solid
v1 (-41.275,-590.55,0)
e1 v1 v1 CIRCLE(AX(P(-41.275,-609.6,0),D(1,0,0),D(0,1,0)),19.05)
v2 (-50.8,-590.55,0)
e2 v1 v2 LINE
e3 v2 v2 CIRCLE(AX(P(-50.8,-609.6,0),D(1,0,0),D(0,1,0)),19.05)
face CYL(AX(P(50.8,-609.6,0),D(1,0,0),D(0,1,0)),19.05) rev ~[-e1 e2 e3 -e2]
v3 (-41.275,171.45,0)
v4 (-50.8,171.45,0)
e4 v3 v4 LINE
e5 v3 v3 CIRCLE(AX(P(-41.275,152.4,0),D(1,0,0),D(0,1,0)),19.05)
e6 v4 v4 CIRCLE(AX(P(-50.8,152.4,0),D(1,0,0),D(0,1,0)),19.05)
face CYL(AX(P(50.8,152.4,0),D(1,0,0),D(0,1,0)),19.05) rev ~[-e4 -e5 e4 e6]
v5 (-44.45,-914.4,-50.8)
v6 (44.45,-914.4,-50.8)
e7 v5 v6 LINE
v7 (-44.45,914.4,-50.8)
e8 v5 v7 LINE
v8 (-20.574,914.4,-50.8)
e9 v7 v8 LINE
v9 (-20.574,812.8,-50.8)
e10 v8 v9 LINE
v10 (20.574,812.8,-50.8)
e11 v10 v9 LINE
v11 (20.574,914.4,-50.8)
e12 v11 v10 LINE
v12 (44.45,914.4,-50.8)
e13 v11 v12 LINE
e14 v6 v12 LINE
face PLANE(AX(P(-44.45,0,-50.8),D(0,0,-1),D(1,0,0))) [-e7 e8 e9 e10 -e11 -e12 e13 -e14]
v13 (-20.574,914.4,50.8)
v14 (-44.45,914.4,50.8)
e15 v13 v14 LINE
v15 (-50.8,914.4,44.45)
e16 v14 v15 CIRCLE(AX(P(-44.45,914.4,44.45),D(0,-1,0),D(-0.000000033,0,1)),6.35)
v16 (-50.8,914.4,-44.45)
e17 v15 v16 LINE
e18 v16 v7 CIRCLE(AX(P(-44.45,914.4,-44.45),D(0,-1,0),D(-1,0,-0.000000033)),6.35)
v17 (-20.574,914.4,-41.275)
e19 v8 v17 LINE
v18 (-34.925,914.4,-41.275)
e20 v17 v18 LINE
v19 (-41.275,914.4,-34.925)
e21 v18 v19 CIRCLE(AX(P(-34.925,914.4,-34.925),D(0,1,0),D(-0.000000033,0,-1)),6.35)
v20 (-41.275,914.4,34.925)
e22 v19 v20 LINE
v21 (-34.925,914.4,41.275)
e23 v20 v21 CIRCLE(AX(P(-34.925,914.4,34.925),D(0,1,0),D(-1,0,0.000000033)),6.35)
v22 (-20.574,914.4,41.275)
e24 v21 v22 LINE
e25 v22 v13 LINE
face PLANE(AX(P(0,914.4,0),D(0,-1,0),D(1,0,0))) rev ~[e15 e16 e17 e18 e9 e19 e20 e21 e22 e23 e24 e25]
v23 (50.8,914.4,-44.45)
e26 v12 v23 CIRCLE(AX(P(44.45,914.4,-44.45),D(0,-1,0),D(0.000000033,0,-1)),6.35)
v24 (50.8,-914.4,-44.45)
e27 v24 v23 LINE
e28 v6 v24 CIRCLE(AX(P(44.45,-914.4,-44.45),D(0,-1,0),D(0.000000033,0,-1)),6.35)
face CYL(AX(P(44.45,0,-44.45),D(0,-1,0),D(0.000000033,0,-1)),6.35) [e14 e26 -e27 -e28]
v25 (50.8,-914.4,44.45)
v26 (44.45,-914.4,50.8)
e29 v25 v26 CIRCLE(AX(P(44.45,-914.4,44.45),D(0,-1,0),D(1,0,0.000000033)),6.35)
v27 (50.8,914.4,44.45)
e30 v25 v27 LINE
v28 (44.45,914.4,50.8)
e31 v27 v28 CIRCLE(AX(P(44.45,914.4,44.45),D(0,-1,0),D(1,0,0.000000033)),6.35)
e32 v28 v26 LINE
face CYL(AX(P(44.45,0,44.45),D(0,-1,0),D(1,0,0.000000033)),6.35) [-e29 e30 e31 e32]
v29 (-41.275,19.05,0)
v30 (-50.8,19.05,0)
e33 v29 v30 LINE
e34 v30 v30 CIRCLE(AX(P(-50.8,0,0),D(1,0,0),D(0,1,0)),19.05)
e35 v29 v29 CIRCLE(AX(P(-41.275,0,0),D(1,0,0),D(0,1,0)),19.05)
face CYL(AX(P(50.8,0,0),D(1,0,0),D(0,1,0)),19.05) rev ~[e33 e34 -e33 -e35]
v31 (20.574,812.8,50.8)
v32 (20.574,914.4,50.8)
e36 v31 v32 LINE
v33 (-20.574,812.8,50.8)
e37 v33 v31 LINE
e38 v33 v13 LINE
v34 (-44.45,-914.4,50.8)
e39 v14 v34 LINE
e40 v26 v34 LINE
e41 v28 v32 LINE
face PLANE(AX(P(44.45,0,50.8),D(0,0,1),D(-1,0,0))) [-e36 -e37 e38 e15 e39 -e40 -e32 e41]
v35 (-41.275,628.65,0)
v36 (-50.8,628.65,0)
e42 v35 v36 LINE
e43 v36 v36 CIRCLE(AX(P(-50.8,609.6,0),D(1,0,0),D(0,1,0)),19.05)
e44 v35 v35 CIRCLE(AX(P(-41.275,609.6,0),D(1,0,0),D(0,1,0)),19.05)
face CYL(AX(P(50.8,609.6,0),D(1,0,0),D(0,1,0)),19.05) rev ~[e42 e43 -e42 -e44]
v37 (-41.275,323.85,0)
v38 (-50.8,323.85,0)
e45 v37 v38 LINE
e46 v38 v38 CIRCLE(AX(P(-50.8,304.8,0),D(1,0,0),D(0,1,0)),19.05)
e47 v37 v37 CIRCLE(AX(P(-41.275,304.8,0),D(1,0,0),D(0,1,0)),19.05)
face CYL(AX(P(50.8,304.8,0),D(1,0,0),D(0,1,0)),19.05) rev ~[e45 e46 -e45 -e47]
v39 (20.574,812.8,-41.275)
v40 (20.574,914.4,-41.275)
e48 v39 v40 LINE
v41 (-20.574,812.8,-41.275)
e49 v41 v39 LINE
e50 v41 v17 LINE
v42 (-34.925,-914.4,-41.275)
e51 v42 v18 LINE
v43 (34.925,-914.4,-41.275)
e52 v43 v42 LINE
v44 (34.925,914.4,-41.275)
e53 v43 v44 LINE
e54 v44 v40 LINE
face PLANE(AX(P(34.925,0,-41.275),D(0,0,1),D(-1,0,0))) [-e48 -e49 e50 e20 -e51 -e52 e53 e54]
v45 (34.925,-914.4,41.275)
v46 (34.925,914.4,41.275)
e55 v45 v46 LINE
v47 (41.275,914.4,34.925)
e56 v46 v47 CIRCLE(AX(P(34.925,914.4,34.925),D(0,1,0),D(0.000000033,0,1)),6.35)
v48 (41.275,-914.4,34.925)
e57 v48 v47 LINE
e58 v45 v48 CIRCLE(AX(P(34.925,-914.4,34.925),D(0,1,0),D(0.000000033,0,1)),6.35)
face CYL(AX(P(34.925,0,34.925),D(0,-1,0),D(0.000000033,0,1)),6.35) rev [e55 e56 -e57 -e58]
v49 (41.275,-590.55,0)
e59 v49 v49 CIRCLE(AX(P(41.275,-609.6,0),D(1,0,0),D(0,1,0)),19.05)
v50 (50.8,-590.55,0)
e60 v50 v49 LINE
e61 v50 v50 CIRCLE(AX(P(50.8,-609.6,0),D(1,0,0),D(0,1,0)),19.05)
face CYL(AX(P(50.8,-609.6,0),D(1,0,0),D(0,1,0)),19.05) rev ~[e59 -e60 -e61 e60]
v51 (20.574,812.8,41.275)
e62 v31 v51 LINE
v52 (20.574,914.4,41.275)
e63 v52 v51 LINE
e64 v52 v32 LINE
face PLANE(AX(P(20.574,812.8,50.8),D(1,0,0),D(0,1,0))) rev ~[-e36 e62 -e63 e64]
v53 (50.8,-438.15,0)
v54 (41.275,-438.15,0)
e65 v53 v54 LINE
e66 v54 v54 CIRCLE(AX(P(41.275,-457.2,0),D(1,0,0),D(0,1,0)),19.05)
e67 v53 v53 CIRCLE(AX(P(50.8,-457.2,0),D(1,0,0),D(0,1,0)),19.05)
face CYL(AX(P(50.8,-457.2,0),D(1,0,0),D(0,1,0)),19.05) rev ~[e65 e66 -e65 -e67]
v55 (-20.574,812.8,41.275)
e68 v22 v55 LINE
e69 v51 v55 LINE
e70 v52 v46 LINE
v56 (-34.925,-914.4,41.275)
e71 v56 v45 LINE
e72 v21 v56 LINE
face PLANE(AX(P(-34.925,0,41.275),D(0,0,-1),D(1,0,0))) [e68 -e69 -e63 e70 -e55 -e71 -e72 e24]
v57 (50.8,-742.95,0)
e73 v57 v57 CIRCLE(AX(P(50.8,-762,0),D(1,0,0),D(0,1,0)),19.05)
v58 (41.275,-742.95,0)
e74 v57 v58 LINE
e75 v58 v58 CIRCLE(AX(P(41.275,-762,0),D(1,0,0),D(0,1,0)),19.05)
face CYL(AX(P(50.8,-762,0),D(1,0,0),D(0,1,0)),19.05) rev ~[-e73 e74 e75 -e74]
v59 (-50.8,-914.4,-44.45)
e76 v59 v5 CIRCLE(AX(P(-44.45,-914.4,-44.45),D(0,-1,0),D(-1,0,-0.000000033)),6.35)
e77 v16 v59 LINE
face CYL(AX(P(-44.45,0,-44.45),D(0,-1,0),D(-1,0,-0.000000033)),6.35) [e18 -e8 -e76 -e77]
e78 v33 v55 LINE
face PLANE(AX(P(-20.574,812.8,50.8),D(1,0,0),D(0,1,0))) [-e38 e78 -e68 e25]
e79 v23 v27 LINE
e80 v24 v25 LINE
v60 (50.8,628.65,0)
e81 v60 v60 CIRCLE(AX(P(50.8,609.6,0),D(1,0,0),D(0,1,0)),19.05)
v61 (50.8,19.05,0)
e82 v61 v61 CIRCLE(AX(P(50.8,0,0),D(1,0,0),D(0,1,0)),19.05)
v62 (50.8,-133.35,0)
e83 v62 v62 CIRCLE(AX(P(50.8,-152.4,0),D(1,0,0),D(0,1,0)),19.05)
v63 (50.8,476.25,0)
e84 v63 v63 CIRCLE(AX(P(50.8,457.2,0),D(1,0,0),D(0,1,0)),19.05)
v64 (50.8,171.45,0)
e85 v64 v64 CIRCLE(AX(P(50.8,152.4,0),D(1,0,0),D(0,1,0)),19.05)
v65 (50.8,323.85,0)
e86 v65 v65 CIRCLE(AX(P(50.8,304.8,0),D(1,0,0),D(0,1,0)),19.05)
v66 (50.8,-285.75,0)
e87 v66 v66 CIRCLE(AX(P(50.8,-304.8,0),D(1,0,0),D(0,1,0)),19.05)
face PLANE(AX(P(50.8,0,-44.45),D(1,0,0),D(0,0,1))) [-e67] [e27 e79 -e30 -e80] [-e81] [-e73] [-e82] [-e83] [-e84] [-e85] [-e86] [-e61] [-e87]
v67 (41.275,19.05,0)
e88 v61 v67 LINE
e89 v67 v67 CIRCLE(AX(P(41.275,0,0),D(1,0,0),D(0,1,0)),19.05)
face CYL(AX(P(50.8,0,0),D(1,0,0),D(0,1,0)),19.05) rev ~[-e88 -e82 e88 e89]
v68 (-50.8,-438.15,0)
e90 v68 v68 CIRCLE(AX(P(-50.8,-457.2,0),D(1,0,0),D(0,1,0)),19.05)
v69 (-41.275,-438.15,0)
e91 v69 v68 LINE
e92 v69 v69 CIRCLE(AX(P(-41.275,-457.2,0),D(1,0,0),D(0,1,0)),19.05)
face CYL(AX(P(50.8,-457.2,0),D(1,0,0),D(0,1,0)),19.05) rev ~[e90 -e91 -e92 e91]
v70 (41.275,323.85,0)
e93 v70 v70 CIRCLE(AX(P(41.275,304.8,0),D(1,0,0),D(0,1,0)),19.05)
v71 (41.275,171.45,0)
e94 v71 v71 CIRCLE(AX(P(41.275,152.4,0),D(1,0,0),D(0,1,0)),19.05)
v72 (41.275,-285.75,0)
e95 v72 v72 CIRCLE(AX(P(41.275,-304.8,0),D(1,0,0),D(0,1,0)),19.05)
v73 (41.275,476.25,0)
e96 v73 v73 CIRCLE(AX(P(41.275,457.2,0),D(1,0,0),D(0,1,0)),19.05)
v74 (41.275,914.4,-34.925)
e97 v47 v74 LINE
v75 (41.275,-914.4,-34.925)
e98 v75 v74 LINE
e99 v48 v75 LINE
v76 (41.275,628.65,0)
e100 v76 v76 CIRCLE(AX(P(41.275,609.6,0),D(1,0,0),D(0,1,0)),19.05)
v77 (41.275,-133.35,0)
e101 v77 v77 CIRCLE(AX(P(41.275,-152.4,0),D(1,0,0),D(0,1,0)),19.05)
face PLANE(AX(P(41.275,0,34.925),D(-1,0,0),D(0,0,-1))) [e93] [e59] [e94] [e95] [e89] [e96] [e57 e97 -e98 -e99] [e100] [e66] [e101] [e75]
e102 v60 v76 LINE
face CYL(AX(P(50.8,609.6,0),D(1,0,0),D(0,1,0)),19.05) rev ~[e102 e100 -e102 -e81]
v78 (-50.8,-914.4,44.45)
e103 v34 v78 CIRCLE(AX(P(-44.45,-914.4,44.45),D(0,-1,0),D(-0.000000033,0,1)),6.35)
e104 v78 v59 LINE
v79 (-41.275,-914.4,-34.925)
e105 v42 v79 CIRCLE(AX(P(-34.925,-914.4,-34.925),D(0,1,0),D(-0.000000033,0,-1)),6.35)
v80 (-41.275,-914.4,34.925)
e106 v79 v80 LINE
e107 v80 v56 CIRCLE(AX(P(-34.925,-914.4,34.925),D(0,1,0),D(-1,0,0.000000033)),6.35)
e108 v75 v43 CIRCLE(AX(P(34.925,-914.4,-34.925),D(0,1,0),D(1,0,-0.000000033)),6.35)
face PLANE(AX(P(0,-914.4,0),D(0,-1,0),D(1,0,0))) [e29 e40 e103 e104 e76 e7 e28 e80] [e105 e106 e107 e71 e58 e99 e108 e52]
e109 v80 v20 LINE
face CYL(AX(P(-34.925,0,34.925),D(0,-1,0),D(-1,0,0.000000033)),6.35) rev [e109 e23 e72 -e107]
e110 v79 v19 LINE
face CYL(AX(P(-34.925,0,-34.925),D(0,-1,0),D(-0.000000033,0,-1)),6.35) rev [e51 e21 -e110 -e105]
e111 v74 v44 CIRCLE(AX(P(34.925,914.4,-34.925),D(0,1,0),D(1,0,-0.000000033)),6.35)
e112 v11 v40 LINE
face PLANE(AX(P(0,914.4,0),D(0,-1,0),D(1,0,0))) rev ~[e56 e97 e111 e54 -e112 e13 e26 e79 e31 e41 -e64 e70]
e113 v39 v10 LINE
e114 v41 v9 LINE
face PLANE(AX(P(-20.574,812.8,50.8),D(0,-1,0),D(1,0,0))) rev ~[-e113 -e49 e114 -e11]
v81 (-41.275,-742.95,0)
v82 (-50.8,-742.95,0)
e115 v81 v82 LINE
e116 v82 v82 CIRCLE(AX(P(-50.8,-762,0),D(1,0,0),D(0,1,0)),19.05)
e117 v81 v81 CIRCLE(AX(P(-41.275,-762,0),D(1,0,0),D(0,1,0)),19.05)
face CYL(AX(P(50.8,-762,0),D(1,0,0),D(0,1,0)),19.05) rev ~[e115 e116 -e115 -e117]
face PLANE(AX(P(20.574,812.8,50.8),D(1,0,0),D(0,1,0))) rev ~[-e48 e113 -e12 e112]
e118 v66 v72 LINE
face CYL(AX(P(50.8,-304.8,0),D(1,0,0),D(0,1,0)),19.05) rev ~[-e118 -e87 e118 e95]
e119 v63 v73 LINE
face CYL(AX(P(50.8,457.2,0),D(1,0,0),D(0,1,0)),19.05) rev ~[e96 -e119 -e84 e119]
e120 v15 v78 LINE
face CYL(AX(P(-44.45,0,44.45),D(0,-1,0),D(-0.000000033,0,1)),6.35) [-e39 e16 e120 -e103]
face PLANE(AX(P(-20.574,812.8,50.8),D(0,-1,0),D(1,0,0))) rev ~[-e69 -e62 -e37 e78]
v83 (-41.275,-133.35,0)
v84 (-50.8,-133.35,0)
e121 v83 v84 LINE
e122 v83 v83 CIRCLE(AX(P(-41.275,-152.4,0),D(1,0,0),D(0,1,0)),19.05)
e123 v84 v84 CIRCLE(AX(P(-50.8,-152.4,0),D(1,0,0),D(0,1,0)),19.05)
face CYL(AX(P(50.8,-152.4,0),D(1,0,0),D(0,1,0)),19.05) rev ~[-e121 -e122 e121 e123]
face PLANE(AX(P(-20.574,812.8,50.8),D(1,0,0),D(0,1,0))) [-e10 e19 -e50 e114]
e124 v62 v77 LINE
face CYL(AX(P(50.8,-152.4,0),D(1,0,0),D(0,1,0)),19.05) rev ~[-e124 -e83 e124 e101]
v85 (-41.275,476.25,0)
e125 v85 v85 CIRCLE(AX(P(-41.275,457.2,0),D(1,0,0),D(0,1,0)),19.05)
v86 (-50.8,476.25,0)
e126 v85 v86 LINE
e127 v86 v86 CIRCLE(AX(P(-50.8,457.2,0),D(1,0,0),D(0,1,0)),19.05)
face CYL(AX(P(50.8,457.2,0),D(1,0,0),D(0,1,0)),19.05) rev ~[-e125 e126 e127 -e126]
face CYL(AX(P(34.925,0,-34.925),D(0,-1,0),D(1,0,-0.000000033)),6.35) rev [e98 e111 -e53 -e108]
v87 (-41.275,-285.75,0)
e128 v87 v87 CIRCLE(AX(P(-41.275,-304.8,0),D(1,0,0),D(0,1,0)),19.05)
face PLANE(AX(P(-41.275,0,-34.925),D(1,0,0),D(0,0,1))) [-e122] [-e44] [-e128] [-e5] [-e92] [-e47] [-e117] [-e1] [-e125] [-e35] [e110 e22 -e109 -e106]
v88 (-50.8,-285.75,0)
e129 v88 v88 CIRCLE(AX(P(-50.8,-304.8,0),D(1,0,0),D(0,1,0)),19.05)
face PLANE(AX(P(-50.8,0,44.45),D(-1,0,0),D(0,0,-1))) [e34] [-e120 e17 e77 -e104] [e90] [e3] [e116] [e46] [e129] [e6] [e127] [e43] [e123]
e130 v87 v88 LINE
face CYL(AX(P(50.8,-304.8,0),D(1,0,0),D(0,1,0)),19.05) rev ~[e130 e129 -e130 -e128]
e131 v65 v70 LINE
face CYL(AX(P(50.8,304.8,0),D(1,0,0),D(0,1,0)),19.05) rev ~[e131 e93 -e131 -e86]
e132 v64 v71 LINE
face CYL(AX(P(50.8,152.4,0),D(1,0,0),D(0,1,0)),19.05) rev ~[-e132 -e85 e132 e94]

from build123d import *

# Parameters (mm, degrees)
F1_DEPTH = 914.4
F2_R     = 19.05
F3_DEPTH = 127
F4_W     = 41.148
F4_H     = 203.2
F5_DEPTH = 127


with BuildPart() as f1:
    # F0 (on Front) → F1 (new body, symmetric)
    with BuildSketch(Plane.XZ):
        with BuildLine():
            ThreePointArc((50.8, 44.45), (48.940128, 48.940128), (44.45, 50.8))
            Line((44.45, 50.8), (-44.45, 50.8))
            ThreePointArc((-44.45, 50.8), (-48.940128, 48.940128), (-50.8, 44.45))
            Line((-50.8, 44.45), (-50.8, -44.45))
            ThreePointArc((-50.8, -44.45), (-48.940128, -48.940128), (-44.45, -50.8))
            Line((-44.45, -50.8), (44.45, -50.8))
            ThreePointArc((44.45, -50.8), (48.940128, -48.940128), (50.8, -44.45))
            Line((50.8, -44.45), (50.8, 44.45))
        make_face()
        with BuildLine():
            Line((-34.925, 41.275), (34.925, 41.275))
            ThreePointArc((34.925, 41.275), (39.415128, 39.415128), (41.275, 34.925))
            Line((41.275, 34.925), (41.275, -34.925))
            ThreePointArc((41.275, -34.925), (39.415128, -39.415128), (34.925, -41.275))
            Line((34.925, -41.275), (-34.925, -41.275))
            ThreePointArc((-34.925, -41.275), (-39.415128, -39.415128), (-41.275, -34.925))
            Line((-41.275, -34.925), (-41.275, 34.925))
            ThreePointArc((-41.275, 34.925), (-39.415128, 39.415128), (-34.925, 41.275))
        make_face(mode=Mode.SUBTRACT)
    extrude(amount=F1_DEPTH, both=True)

    # F2 (on face) → F3 (cut)
    with BuildSketch(Plane.YZ.offset(50.8)):
        with Locations((304.8, 0)):
            Circle(F2_R)
        with Locations((-762, 0)):
            Circle(F2_R)
        with Locations((-609.6, 0)):
            Circle(F2_R)
        with Locations((-457.2, 0)):
            Circle(F2_R)
        with Locations((-304.8, 0)):
            Circle(F2_R)
        with Locations((-152.4, 0)):
            Circle(F2_R)
        Circle(F2_R)
        with Locations((152.4, 0)):
            Circle(F2_R)
        with Locations((457.2, 0)):
            Circle(F2_R)
        with Locations((609.6, 0)):
            Circle(F2_R)
    extrude(amount=-F3_DEPTH, mode=Mode.SUBTRACT)

    # F4 (on face) → F5 (cut)
    with BuildSketch(Plane.XY.offset(50.8)):
        with Locations((0, 914.4)):
            Rectangle(F4_W, F4_H)
    extrude(amount=-F5_DEPTH, mode=Mode.SUBTRACT)


solid = f1.part
